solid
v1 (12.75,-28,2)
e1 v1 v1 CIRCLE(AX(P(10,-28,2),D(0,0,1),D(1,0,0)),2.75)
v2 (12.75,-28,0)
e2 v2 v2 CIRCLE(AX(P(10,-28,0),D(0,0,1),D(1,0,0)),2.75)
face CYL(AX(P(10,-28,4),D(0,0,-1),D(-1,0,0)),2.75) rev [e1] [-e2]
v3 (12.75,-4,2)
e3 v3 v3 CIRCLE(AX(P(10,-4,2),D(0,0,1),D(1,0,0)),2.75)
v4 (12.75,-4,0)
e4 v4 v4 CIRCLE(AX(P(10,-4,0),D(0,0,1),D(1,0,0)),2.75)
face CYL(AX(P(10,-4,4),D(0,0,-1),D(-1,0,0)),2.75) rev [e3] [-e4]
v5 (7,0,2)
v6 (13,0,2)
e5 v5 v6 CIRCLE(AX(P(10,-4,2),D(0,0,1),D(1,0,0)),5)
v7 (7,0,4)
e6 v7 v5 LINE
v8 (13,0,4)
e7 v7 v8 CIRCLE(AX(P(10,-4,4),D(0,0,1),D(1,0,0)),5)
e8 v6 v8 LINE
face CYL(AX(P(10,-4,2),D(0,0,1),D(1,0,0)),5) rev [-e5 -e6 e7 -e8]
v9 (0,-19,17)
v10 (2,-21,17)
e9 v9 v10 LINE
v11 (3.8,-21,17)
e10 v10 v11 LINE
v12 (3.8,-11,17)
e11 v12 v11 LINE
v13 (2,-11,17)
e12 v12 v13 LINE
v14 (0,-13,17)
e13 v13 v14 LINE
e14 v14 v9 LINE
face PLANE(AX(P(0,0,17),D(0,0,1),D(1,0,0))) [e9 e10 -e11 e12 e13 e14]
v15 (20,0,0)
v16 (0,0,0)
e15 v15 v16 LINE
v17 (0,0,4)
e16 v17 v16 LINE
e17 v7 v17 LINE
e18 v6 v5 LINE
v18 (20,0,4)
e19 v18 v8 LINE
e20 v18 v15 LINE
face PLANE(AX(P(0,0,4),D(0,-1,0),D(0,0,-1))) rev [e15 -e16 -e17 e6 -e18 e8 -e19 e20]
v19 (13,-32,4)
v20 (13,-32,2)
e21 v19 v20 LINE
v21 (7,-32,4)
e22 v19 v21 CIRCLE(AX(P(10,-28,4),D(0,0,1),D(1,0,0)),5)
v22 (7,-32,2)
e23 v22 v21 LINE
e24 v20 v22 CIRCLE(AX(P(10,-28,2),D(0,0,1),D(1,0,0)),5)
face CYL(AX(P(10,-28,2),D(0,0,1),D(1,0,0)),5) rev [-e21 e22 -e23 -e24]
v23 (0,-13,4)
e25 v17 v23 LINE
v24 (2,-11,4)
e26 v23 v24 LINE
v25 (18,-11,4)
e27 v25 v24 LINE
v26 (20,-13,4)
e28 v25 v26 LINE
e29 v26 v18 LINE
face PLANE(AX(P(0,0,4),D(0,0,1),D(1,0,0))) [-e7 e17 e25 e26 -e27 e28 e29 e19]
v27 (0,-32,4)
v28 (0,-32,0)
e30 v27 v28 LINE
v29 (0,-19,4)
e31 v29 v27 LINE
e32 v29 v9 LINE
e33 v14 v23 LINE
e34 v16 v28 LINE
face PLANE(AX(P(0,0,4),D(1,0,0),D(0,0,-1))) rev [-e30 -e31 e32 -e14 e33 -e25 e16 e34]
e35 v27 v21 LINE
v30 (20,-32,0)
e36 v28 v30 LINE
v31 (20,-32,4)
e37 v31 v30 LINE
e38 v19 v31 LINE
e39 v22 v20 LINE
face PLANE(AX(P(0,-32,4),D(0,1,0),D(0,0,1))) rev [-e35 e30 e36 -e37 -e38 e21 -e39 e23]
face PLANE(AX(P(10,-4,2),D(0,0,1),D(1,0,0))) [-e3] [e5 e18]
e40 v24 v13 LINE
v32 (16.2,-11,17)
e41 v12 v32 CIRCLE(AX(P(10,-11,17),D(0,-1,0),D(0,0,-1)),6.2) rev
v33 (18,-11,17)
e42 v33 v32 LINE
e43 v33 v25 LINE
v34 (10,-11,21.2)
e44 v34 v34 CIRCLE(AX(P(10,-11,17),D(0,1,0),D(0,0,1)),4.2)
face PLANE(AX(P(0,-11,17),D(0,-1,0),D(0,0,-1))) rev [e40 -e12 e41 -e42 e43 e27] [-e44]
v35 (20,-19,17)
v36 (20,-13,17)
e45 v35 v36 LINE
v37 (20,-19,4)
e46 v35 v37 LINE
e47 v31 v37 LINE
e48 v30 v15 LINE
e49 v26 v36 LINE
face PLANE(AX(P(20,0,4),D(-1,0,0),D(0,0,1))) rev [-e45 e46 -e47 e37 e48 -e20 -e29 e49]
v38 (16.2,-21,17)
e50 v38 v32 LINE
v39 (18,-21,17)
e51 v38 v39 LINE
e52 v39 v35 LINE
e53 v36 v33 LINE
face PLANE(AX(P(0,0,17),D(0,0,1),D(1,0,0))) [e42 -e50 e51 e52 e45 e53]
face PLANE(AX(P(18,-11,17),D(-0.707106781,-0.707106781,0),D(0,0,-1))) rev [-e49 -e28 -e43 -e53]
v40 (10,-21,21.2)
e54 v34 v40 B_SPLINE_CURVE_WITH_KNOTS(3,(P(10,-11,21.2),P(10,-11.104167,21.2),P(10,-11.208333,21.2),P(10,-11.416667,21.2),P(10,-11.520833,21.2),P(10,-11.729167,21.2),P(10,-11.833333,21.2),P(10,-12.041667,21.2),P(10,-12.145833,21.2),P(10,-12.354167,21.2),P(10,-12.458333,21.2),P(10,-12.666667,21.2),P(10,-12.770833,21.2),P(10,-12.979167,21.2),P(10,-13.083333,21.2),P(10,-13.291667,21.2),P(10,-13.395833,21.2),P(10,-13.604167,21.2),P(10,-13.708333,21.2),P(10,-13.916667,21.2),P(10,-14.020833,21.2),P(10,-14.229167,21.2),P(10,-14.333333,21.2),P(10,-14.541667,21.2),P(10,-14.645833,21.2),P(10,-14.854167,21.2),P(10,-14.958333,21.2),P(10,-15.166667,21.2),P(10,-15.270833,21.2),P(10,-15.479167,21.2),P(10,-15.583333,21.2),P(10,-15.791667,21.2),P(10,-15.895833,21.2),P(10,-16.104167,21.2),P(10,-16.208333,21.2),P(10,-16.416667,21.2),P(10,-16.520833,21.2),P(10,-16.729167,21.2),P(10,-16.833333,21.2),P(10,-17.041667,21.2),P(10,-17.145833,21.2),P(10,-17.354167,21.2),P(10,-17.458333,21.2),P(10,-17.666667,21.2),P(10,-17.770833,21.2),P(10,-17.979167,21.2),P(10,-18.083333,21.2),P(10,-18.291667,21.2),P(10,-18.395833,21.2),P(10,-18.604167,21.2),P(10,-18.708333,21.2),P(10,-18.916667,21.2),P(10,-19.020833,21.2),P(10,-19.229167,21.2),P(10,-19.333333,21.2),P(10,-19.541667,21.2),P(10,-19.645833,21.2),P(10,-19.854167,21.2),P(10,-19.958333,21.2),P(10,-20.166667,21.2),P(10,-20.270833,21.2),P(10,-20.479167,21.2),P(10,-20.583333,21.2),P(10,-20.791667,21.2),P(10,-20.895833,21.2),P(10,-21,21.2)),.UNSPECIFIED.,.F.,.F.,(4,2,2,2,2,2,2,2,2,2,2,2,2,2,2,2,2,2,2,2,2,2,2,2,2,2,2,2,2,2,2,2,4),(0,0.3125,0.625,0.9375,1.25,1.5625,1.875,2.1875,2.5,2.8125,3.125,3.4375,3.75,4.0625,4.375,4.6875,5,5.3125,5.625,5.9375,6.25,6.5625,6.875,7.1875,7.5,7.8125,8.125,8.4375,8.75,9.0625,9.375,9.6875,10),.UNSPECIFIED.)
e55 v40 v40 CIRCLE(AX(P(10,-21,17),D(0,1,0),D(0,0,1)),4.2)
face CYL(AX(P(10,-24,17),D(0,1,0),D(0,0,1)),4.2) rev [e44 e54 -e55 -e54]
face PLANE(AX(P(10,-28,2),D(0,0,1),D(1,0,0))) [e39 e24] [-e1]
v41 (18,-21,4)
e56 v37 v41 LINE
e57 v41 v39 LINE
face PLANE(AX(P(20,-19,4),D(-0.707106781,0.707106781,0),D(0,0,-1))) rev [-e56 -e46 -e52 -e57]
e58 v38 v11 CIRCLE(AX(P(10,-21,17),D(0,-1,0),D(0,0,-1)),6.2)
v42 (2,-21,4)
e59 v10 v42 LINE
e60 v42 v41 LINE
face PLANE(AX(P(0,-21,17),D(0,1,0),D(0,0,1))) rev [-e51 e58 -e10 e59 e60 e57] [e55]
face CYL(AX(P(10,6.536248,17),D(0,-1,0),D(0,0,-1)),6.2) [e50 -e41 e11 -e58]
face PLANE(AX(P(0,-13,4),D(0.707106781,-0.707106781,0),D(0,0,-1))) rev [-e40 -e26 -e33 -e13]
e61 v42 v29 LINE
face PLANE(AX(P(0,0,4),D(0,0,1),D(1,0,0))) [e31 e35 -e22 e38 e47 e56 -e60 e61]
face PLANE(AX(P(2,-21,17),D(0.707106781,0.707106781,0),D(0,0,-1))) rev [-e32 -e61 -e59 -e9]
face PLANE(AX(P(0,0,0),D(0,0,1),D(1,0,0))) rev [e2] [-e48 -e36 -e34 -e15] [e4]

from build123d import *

# Parameters (mm, degrees)
SKETCH_1_W          = 20
SKETCH_1_H          = 32
SKETCH_1_R          = 2.75
EXTRUDE_1_DEPTH     = 4
SKETCH_2_W          = 20
SKETCH_2_H          = 10
EXTRUDE_2_DEPTH     = 13
SKETCH_4_R          = 6.2
EXTRUDE_3_DEPTH     = 10
SKETCH_5_R          = 4.2
CUT_EXTRUDE_1_DEPTH = 13
CHAMFER_1_SIZE      = 2
SKETCH_6_R          = 5
CUT_EXTRUDE_2_DEPTH = 2


with BuildPart() as part:
    # 草图1 → 凸台-拉伸1 (new body)
    with BuildSketch(Plane.XY):
        with Locations((10, -16)):
            Rectangle(SKETCH_1_W, SKETCH_1_H)
        with Locations((10, -4)):
            Circle(SKETCH_1_R, mode=Mode.SUBTRACT)
        with Locations((10, -28)):
            Circle(SKETCH_1_R, mode=Mode.SUBTRACT)
    extrude(amount=EXTRUDE_1_DEPTH)

    # 草图2 → 凸台-拉伸2 (add)
    with BuildSketch(Plane.XY.offset(4)):
        with Locations((10, -16)):
            Rectangle(SKETCH_2_W, SKETCH_2_H)
    extrude(amount=EXTRUDE_2_DEPTH)

    # 草图4 → 凸台-拉伸3 (add)
    with BuildSketch(Plane.XZ.offset(21)):
        with Locations((10, 17)):
            Circle(SKETCH_4_R)
    extrude(amount=-EXTRUDE_3_DEPTH)

    # 草图5 → 切除-拉伸1 (cut)
    with BuildSketch(Plane(origin=(0, -11, 0), x_dir=(1, 0, 0), z_dir=(0, 1, 0))):
        with Locations(Location((10, -17, 0), (0, 0, 270))):
            Circle(SKETCH_5_R)
    extrude(amount=-CUT_EXTRUDE_1_DEPTH, mode=Mode.SUBTRACT)

    # 倒角1
    chamfer_1_edges = [part.edges().sort_by_distance(p)[0] for p in [
        (0, -11, 10.5),
        (0, -21, 10.5),
        (20, -21, 10.5),
        (20, -11, 10.5),
    ]]
    chamfer(chamfer_1_edges, length=CHAMFER_1_SIZE)

    # 草图6 → 切除-拉伸2 (cut)
    with BuildSketch(Plane.XY.offset(4)):
        with Locations((10, -28)):
            Circle(SKETCH_6_R)
        with Locations((10, -4)):
            Circle(SKETCH_6_R)
    extrude(amount=-CUT_EXTRUDE_2_DEPTH, mode=Mode.SUBTRACT)


solid = part.part
